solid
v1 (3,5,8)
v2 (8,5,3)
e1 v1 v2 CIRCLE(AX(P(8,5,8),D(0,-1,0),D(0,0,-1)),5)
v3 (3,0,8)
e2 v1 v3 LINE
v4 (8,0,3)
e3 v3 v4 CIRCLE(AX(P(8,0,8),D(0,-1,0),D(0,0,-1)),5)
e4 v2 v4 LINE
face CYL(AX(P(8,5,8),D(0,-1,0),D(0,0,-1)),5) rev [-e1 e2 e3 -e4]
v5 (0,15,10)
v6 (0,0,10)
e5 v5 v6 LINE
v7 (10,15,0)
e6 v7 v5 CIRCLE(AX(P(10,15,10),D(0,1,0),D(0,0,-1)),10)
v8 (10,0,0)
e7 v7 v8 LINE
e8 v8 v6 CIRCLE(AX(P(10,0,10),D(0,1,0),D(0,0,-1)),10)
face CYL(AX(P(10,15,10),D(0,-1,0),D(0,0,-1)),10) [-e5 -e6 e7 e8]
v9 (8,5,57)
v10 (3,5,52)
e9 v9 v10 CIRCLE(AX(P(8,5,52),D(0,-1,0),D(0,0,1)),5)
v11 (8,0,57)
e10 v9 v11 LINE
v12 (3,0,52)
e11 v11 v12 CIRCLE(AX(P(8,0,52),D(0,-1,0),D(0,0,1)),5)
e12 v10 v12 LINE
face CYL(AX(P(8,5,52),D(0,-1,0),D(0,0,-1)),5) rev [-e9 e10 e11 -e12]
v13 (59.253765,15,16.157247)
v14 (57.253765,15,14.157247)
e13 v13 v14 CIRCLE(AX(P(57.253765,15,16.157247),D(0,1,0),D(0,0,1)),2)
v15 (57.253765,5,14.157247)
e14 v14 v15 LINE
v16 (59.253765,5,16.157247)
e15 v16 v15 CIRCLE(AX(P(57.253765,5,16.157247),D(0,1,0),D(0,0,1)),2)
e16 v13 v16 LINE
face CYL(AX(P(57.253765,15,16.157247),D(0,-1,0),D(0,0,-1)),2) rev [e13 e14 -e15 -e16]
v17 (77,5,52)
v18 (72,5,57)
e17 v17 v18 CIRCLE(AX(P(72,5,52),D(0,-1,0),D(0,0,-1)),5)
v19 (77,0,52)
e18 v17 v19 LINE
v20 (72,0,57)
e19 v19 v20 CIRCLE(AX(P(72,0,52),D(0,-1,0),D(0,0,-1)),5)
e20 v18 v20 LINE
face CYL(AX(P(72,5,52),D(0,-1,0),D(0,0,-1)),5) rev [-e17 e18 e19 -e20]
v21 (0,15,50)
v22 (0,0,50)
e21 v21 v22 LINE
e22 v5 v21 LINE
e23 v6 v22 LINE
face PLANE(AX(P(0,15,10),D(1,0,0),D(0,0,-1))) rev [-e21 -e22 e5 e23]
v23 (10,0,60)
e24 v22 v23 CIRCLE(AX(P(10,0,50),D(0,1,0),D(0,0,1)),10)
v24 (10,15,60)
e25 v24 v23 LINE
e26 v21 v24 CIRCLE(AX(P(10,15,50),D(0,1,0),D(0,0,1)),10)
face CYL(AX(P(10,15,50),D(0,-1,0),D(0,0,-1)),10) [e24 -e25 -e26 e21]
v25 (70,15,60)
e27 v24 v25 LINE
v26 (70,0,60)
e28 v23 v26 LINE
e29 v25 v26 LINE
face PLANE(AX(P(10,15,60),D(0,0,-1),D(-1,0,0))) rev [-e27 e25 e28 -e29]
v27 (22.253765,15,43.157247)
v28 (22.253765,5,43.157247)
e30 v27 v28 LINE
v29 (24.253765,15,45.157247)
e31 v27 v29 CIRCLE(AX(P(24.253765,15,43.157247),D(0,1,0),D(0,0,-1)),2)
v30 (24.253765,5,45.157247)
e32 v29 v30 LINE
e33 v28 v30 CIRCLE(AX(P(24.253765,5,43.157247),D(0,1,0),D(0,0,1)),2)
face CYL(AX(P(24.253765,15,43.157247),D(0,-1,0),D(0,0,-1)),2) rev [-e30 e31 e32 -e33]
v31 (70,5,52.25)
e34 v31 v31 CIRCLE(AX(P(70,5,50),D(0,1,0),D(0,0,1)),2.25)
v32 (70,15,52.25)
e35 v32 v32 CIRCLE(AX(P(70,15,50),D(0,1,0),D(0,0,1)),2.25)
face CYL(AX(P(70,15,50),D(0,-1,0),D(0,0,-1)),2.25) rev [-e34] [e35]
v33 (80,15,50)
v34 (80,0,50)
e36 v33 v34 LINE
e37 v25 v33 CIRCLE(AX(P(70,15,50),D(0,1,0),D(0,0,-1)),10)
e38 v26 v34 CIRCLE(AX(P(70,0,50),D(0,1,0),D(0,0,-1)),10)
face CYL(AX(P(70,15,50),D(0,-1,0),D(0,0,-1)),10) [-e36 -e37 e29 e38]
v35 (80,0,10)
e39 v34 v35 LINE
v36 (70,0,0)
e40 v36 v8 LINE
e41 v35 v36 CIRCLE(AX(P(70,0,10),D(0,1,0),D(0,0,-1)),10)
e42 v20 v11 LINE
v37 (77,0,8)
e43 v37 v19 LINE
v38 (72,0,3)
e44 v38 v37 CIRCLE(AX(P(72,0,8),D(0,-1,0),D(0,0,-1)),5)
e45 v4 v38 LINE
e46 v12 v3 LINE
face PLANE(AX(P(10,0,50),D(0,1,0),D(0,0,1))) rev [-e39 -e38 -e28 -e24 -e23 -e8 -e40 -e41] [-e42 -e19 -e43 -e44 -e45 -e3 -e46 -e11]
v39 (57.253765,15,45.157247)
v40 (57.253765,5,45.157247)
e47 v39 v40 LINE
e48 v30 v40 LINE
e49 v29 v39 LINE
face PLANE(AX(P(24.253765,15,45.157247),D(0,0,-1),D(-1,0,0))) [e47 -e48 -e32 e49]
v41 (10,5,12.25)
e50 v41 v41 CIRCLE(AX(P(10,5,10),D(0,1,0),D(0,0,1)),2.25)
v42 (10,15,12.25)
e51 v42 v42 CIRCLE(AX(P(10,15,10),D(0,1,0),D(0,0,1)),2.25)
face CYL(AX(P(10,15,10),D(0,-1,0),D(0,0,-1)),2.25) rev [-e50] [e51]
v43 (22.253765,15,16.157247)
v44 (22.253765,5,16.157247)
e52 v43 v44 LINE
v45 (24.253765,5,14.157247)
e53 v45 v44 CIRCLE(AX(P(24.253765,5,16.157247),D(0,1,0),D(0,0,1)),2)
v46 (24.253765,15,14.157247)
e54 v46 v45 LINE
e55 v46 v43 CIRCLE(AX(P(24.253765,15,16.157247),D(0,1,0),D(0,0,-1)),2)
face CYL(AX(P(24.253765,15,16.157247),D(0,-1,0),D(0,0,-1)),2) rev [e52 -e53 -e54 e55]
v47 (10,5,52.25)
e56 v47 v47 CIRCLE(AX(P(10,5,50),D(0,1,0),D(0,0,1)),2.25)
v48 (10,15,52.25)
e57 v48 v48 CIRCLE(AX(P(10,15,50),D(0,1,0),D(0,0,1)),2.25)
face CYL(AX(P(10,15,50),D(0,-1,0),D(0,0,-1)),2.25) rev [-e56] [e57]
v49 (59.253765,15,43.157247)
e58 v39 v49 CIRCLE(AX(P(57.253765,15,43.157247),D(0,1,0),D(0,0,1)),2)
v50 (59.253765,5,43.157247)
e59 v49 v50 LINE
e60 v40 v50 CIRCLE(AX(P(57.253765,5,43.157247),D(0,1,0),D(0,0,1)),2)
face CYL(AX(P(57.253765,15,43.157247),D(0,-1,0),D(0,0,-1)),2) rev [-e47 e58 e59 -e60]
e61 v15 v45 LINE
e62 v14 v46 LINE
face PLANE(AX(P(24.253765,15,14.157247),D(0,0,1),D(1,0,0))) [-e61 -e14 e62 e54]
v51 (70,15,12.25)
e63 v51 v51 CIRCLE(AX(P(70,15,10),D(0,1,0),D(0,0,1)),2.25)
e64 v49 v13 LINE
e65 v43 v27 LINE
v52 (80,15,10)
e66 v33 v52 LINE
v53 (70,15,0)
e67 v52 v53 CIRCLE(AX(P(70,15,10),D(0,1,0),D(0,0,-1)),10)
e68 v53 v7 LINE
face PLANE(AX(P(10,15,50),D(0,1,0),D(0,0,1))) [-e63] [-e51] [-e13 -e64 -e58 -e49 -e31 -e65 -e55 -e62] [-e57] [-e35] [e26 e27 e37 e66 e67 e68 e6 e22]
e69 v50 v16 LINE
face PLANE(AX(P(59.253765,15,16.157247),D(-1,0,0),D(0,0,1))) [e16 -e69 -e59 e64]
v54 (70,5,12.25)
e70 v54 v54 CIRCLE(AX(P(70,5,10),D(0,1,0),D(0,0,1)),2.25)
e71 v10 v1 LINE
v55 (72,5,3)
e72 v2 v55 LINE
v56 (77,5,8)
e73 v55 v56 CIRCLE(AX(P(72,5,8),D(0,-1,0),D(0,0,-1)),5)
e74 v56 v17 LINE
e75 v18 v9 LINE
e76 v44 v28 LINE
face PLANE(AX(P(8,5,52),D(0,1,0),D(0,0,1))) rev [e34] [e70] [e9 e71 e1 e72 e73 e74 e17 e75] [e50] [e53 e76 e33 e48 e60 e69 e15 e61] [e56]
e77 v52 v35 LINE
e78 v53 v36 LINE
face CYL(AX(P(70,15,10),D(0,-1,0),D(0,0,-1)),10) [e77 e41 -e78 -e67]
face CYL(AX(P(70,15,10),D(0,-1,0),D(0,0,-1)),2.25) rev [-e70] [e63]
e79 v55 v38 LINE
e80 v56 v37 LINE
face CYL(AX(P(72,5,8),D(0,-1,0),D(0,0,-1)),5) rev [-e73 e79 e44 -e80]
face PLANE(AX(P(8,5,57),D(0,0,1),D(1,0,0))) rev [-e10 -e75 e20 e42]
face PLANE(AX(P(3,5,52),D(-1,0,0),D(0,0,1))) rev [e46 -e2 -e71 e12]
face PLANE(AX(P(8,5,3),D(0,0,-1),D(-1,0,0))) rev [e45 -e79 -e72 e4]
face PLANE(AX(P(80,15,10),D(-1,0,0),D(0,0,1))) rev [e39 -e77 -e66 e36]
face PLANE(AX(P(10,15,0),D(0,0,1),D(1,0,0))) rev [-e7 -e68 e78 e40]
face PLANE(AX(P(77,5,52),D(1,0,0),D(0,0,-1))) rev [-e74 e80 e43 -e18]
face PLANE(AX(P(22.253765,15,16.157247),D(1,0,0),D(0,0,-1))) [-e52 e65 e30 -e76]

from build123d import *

# Parameters (mm, degrees)
ESQUISSE1_R             = 2.25
BOSS_EXTRU_1_DEPTH      = 15
ENL_V_MAT_EXTRU_1_DEPTH = 5


with BuildPart() as part:
    # Esquisse1 → Boss.-Extru.1 (new body)
    with BuildSketch(Plane(origin=(0, 0, 0), x_dir=(1, 0, 0), z_dir=(0, 1, 0))):
        with BuildLine():
            Line((10, 0), (70, 0))
            ThreePointArc((70, 0), (77.071067812, -2.928932188), (80, -10))
            Line((80, -10), (80, -50))
            ThreePointArc((80, -50), (77.071067812, -57.071067812), (70, -60))
            Line((70, -60), (10, -60))
            ThreePointArc((10, -60), (2.928932188, -57.071067812), (0, -50))
            Line((0, -50), (0, -10))
            ThreePointArc((0, -10), (2.928932188, -2.928932188), (10, 0))
        make_face()
        with Locations(Location((10, -10, 0), (0, 0, 270))):
            Circle(ESQUISSE1_R, mode=Mode.SUBTRACT)
        with Locations(Location((70, -10, 0), (0, 0, 270))):
            Circle(ESQUISSE1_R, mode=Mode.SUBTRACT)
        with Locations(Location((10, -50, 0), (0, 0, 270))):
            Circle(ESQUISSE1_R, mode=Mode.SUBTRACT)
        with Locations(Location((70, -50, 0), (0, 0, 270))):
            Circle(ESQUISSE1_R, mode=Mode.SUBTRACT)
        with BuildLine():
            Line((24.253765099, -14.157246889), (57.253765099, -14.157246889))
            ThreePointArc((57.253765099, -14.157246889), (58.667978662, -14.743033326), (59.253765099, -16.157246889))
            Line((59.253765099, -16.157246889), (59.253765099, -43.157246889))
            ThreePointArc((59.253765099, -43.157246889), (58.667978662, -44.571460451), (57.253765099, -45.157246889))
            Line((57.253765099, -45.157246889), (24.253765099, -45.157246889))
            ThreePointArc((24.253765099, -45.157246889), (22.839551537, -44.571460451), (22.253765099, -43.157246889))
            Line((22.253765099, -43.157246889), (22.253765099, -16.157246889))
            ThreePointArc((22.253765099, -16.157246889), (22.839551537, -14.743033326), (24.253765099, -14.157246889))
        make_face(mode=Mode.SUBTRACT)
    extrude(amount=BOSS_EXTRU_1_DEPTH)

    # Esquisse2 → Enlèv. mat.-Extru.1 (cut)
    with BuildSketch(Plane.XZ):
        with BuildLine():
            Line((8, 57), (72, 57))
            ThreePointArc((72, 57), (75.535533906, 55.535533906), (77, 52))
            Line((77, 52), (77, 8))
            ThreePointArc((77, 8), (75.535533906, 4.464466094), (72, 3))
            Line((72, 3), (8, 3))
            ThreePointArc((8, 3), (4.464466094, 4.464466094), (3, 8))
            Line((3, 8), (3, 52))
            ThreePointArc((3, 52), (4.464466094, 55.535533906), (8, 57))
        make_face()
    extrude(amount=-ENL_V_MAT_EXTRU_1_DEPTH, mode=Mode.SUBTRACT)


solid = part.part
